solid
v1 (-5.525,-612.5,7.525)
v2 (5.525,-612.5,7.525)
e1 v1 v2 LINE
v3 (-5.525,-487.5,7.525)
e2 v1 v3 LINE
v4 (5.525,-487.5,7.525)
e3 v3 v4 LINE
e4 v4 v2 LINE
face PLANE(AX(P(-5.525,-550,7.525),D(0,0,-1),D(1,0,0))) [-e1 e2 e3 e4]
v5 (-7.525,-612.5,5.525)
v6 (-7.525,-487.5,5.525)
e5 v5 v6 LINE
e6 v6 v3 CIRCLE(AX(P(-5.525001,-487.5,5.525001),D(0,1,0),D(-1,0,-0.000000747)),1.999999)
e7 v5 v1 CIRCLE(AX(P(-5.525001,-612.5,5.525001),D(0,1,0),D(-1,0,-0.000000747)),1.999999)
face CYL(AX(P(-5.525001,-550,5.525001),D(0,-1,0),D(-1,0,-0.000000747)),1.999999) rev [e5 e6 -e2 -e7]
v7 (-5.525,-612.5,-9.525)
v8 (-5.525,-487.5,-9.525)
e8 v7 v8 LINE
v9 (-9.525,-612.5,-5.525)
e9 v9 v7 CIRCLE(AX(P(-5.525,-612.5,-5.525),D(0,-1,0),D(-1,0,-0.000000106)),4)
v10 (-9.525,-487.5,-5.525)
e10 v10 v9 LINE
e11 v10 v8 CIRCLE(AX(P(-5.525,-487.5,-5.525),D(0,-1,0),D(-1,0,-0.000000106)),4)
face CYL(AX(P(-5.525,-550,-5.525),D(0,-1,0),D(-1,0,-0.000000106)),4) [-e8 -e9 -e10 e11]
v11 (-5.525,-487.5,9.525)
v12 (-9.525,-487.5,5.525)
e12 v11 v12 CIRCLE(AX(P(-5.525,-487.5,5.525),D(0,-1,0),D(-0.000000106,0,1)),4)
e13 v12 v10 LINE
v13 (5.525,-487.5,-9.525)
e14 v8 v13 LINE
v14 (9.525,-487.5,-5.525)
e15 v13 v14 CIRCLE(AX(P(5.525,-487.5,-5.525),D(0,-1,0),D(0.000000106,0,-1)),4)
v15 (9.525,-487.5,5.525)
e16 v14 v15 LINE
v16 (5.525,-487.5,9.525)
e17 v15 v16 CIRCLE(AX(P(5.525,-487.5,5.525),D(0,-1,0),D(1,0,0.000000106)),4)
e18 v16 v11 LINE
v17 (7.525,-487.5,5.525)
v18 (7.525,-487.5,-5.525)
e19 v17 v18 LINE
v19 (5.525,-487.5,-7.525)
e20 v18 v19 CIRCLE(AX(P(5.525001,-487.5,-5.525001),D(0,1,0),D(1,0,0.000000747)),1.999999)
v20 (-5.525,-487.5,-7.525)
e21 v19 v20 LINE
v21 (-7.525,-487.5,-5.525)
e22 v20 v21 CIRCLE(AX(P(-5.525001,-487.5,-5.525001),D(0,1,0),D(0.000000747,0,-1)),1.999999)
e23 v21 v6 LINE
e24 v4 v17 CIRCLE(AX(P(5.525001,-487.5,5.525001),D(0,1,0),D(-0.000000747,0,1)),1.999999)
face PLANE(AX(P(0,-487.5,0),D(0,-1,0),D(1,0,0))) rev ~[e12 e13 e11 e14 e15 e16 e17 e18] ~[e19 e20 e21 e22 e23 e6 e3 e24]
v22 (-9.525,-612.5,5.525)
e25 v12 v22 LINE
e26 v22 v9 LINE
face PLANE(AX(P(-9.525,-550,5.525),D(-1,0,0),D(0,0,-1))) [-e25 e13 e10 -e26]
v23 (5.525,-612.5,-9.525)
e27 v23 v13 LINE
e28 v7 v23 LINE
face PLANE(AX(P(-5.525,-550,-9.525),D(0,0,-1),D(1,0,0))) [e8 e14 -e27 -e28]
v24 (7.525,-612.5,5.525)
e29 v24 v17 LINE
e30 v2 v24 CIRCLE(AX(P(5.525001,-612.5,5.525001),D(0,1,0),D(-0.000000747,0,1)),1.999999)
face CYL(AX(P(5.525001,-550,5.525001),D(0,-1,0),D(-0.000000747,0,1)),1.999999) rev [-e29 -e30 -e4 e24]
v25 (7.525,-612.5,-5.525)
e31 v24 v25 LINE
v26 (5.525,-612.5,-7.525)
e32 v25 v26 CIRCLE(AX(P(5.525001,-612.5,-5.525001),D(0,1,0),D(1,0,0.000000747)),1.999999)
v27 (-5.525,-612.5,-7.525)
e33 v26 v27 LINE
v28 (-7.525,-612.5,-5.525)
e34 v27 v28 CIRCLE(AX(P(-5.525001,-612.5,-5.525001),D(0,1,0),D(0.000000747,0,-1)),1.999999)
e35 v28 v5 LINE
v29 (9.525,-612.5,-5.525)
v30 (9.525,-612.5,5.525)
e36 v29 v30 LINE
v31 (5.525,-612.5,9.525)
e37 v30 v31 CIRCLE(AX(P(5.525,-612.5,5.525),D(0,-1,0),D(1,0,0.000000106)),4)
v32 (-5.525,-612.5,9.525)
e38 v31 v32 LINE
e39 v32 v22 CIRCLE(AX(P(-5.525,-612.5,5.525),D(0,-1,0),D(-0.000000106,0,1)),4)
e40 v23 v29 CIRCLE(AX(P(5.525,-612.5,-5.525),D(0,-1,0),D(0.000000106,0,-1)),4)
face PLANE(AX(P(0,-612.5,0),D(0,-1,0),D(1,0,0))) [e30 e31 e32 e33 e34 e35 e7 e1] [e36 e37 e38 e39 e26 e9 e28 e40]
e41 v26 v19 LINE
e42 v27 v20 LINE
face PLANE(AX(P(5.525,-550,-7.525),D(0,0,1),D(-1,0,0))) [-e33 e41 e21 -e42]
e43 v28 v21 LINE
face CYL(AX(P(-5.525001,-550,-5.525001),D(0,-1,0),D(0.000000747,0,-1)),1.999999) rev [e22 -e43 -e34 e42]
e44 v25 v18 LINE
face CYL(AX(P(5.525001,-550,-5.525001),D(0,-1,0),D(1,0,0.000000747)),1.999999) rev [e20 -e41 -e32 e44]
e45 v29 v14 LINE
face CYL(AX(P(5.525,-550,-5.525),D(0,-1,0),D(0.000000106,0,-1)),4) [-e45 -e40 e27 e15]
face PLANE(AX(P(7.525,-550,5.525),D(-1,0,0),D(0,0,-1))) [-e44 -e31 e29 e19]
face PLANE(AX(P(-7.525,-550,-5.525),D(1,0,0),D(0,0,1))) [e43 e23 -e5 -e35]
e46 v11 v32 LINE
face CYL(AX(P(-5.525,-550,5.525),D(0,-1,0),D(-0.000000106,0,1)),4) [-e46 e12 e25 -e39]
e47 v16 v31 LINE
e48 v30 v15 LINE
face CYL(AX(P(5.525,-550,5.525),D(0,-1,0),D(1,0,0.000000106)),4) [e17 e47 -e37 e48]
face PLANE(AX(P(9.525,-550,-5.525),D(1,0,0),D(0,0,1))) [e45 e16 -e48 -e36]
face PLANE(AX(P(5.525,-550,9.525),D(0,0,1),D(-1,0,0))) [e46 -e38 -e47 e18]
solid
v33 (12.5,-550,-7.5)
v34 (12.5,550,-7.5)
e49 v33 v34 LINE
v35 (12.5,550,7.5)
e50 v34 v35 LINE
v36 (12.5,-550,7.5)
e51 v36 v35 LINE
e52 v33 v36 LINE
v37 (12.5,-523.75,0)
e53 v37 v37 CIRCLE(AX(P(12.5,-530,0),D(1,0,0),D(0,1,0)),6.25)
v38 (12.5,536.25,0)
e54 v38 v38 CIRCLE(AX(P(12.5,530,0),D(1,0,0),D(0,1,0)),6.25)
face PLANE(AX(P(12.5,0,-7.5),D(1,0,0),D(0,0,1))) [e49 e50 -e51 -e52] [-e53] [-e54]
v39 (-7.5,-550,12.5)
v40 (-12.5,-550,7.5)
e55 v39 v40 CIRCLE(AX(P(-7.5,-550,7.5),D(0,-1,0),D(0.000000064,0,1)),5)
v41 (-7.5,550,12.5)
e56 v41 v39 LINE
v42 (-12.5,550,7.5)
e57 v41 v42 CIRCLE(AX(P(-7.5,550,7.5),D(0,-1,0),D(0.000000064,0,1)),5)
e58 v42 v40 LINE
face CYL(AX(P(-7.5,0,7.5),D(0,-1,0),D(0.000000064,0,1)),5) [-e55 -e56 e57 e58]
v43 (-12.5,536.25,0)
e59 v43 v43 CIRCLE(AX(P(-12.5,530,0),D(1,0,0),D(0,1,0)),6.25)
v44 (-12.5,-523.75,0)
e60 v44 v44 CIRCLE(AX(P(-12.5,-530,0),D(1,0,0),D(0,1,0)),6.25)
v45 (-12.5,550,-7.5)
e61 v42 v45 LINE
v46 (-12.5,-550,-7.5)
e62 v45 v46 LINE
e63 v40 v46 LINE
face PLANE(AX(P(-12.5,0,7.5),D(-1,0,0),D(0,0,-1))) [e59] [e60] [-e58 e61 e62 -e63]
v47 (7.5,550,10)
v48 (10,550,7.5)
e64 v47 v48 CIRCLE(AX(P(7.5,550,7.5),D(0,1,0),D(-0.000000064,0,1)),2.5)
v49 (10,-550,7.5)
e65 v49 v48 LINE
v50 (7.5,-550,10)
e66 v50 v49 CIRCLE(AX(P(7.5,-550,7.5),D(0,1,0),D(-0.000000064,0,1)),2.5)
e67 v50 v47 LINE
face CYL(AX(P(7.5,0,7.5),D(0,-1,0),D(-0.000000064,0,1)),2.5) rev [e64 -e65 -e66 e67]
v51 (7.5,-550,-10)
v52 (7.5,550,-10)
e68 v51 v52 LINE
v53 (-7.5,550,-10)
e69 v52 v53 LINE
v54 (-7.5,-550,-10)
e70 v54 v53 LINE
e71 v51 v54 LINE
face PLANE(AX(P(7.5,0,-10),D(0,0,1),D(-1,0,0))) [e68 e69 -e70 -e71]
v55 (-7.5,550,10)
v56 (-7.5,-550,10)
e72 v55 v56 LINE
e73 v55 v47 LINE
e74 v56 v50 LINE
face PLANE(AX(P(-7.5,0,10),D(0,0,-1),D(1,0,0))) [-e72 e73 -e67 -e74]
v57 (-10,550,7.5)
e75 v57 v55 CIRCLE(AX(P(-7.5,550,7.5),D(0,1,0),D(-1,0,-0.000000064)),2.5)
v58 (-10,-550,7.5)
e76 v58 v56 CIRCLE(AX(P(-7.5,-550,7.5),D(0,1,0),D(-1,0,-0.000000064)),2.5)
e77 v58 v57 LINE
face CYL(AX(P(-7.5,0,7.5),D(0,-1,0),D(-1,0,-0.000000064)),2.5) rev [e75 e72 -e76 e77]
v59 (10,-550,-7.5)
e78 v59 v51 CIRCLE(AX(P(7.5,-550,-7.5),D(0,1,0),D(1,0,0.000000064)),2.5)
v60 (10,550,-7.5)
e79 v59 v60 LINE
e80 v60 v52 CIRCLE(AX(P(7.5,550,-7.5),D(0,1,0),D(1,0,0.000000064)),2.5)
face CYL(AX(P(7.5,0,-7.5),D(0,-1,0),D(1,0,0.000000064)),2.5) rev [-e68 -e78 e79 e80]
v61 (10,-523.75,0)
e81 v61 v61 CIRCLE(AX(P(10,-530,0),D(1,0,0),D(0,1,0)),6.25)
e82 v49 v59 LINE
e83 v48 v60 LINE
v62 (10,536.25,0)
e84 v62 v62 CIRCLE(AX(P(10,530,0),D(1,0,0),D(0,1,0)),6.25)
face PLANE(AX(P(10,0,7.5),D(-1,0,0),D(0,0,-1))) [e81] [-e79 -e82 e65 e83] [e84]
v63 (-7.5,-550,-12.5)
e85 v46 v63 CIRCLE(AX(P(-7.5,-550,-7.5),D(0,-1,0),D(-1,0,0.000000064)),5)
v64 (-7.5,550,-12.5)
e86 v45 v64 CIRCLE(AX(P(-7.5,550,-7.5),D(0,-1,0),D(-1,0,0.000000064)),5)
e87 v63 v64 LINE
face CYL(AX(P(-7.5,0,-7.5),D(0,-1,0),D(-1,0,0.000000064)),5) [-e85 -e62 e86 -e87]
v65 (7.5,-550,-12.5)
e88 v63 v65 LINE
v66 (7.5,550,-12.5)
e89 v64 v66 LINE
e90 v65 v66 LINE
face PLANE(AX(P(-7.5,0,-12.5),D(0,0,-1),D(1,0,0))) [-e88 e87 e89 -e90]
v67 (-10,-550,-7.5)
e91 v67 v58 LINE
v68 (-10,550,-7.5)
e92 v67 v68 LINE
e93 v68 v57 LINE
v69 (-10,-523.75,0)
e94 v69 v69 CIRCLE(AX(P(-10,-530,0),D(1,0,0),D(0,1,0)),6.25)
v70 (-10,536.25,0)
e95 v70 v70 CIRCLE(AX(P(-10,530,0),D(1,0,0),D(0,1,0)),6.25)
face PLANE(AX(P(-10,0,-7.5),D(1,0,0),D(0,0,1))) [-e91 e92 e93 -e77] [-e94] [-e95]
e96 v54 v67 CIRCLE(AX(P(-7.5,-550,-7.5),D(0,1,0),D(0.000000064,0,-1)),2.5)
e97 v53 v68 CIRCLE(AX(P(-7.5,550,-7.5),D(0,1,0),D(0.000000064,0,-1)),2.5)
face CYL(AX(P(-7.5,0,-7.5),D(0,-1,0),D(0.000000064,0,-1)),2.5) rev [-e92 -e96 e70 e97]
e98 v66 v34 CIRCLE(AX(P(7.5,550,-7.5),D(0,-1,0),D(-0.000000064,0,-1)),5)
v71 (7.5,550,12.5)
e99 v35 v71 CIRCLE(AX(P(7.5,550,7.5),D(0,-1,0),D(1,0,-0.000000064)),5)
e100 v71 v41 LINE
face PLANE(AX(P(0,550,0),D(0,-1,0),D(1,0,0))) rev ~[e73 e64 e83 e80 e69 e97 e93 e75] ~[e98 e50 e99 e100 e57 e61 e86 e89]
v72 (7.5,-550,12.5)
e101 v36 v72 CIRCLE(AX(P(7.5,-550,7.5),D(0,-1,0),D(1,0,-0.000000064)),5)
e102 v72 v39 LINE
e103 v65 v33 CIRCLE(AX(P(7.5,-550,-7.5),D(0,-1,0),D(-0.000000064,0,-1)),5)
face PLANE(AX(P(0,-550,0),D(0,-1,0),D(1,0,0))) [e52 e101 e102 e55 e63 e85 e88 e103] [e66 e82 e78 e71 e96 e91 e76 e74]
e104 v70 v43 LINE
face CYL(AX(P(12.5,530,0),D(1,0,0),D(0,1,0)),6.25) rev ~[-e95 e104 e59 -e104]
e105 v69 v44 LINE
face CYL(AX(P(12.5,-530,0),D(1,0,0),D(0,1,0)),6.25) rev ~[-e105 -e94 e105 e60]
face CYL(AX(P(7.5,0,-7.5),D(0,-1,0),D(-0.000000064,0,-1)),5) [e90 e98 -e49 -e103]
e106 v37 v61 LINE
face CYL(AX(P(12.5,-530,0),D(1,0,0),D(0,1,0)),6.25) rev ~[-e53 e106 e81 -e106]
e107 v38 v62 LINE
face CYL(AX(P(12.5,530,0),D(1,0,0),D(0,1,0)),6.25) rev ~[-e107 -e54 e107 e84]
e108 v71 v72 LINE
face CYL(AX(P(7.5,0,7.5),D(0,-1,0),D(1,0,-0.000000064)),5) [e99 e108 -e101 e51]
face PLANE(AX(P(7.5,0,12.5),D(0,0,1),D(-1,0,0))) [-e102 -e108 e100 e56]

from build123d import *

# Parameters (mm, degrees)
F1_DEPTH = 550
F2_R     = 6.25
F3_DEPTH = 25.001
F5_DEPTH = 62.5


with BuildPart() as f1:
    # F0 (on Front) → F1 (new body, symmetric)
    with BuildSketch(Plane.XZ):
        with BuildLine():
            ThreePointArc((12.5, 7.5), (11.035534, 11.035534), (7.5, 12.5))
            Line((7.5, 12.5), (-7.5, 12.5))
            ThreePointArc((-7.5, 12.5), (-11.035534, 11.035534), (-12.5, 7.5))
            Line((-12.5, 7.5), (-12.5, -7.5))
            ThreePointArc((-12.5, -7.5), (-11.035534, -11.035534), (-7.5, -12.5))
            Line((-7.5, -12.5), (7.5, -12.5))
            ThreePointArc((7.5, -12.5), (11.035534, -11.035534), (12.5, -7.5))
            Line((12.5, -7.5), (12.5, 7.5))
        make_face()
        with BuildLine():
            Line((-7.5, 10), (7.5, 10))
            ThreePointArc((7.5, 10), (9.267767, 9.267767), (10, 7.5))
            Line((10, 7.5), (10, -7.5))
            ThreePointArc((10, -7.5), (9.267767, -9.267767), (7.5, -10))
            Line((7.5, -10), (-7.5, -10))
            ThreePointArc((-7.5, -10), (-9.267767, -9.267767), (-10, -7.5))
            Line((-10, -7.5), (-10, 7.5))
            ThreePointArc((-10, 7.5), (-9.267767, 9.267767), (-7.5, 10))
        make_face(mode=Mode.SUBTRACT)
    extrude(amount=F1_DEPTH, both=True)

    # F2 (on face) → F3 (cut, through all)
    with BuildSketch(Plane.YZ.offset(12.5)):
        with Locations((-530, 0)):
            Circle(F2_R)
        with Locations((530, 0)):
            Circle(F2_R)
    extrude(amount=-F3_DEPTH, mode=Mode.SUBTRACT)


with BuildPart() as f5:
    # F4 (on face) → F5 (new body, symmetric)
    with BuildSketch(Plane.XZ.offset(550)):
        with BuildLine():
            ThreePointArc((9.525, 5.525), (8.353427, 8.353427), (5.525, 9.525))
            Line((5.525, 9.525), (-5.525, 9.525))
            ThreePointArc((-5.525, 9.525), (-8.353427, 8.353427), (-9.525, 5.525))
            Line((-9.525, 5.525), (-9.525, -5.525))
            ThreePointArc((-9.525, -5.525), (-8.353427, -8.353427), (-5.525, -9.525))
            Line((-5.525, -9.525), (5.525, -9.525))
            ThreePointArc((5.525, -9.525), (8.353427, -8.353427), (9.525, -5.525))
            Line((9.525, -5.525), (9.525, 5.525))
        make_face()
        with BuildLine():
            ThreePointArc((5.525, 7.525), (6.939214, 6.939214), (7.525, 5.525))
            Line((7.525, 5.525), (7.525, -5.525))
            ThreePointArc((7.525, -5.525), (6.939214, -6.939214), (5.525, -7.525))
            Line((5.525, -7.525), (-5.525, -7.525))
            ThreePointArc((-5.525, -7.525), (-6.939214, -6.939214), (-7.525, -5.525))
            Line((-7.525, -5.525), (-7.525, 5.525))
            ThreePointArc((-7.525, 5.525), (-6.939214, 6.939214), (-5.525, 7.525))
            Line((-5.525, 7.525), (5.525, 7.525))
        make_face(mode=Mode.SUBTRACT)
    extrude(amount=F5_DEPTH, both=True)


solid = Compound([f1.part, f5.part])
